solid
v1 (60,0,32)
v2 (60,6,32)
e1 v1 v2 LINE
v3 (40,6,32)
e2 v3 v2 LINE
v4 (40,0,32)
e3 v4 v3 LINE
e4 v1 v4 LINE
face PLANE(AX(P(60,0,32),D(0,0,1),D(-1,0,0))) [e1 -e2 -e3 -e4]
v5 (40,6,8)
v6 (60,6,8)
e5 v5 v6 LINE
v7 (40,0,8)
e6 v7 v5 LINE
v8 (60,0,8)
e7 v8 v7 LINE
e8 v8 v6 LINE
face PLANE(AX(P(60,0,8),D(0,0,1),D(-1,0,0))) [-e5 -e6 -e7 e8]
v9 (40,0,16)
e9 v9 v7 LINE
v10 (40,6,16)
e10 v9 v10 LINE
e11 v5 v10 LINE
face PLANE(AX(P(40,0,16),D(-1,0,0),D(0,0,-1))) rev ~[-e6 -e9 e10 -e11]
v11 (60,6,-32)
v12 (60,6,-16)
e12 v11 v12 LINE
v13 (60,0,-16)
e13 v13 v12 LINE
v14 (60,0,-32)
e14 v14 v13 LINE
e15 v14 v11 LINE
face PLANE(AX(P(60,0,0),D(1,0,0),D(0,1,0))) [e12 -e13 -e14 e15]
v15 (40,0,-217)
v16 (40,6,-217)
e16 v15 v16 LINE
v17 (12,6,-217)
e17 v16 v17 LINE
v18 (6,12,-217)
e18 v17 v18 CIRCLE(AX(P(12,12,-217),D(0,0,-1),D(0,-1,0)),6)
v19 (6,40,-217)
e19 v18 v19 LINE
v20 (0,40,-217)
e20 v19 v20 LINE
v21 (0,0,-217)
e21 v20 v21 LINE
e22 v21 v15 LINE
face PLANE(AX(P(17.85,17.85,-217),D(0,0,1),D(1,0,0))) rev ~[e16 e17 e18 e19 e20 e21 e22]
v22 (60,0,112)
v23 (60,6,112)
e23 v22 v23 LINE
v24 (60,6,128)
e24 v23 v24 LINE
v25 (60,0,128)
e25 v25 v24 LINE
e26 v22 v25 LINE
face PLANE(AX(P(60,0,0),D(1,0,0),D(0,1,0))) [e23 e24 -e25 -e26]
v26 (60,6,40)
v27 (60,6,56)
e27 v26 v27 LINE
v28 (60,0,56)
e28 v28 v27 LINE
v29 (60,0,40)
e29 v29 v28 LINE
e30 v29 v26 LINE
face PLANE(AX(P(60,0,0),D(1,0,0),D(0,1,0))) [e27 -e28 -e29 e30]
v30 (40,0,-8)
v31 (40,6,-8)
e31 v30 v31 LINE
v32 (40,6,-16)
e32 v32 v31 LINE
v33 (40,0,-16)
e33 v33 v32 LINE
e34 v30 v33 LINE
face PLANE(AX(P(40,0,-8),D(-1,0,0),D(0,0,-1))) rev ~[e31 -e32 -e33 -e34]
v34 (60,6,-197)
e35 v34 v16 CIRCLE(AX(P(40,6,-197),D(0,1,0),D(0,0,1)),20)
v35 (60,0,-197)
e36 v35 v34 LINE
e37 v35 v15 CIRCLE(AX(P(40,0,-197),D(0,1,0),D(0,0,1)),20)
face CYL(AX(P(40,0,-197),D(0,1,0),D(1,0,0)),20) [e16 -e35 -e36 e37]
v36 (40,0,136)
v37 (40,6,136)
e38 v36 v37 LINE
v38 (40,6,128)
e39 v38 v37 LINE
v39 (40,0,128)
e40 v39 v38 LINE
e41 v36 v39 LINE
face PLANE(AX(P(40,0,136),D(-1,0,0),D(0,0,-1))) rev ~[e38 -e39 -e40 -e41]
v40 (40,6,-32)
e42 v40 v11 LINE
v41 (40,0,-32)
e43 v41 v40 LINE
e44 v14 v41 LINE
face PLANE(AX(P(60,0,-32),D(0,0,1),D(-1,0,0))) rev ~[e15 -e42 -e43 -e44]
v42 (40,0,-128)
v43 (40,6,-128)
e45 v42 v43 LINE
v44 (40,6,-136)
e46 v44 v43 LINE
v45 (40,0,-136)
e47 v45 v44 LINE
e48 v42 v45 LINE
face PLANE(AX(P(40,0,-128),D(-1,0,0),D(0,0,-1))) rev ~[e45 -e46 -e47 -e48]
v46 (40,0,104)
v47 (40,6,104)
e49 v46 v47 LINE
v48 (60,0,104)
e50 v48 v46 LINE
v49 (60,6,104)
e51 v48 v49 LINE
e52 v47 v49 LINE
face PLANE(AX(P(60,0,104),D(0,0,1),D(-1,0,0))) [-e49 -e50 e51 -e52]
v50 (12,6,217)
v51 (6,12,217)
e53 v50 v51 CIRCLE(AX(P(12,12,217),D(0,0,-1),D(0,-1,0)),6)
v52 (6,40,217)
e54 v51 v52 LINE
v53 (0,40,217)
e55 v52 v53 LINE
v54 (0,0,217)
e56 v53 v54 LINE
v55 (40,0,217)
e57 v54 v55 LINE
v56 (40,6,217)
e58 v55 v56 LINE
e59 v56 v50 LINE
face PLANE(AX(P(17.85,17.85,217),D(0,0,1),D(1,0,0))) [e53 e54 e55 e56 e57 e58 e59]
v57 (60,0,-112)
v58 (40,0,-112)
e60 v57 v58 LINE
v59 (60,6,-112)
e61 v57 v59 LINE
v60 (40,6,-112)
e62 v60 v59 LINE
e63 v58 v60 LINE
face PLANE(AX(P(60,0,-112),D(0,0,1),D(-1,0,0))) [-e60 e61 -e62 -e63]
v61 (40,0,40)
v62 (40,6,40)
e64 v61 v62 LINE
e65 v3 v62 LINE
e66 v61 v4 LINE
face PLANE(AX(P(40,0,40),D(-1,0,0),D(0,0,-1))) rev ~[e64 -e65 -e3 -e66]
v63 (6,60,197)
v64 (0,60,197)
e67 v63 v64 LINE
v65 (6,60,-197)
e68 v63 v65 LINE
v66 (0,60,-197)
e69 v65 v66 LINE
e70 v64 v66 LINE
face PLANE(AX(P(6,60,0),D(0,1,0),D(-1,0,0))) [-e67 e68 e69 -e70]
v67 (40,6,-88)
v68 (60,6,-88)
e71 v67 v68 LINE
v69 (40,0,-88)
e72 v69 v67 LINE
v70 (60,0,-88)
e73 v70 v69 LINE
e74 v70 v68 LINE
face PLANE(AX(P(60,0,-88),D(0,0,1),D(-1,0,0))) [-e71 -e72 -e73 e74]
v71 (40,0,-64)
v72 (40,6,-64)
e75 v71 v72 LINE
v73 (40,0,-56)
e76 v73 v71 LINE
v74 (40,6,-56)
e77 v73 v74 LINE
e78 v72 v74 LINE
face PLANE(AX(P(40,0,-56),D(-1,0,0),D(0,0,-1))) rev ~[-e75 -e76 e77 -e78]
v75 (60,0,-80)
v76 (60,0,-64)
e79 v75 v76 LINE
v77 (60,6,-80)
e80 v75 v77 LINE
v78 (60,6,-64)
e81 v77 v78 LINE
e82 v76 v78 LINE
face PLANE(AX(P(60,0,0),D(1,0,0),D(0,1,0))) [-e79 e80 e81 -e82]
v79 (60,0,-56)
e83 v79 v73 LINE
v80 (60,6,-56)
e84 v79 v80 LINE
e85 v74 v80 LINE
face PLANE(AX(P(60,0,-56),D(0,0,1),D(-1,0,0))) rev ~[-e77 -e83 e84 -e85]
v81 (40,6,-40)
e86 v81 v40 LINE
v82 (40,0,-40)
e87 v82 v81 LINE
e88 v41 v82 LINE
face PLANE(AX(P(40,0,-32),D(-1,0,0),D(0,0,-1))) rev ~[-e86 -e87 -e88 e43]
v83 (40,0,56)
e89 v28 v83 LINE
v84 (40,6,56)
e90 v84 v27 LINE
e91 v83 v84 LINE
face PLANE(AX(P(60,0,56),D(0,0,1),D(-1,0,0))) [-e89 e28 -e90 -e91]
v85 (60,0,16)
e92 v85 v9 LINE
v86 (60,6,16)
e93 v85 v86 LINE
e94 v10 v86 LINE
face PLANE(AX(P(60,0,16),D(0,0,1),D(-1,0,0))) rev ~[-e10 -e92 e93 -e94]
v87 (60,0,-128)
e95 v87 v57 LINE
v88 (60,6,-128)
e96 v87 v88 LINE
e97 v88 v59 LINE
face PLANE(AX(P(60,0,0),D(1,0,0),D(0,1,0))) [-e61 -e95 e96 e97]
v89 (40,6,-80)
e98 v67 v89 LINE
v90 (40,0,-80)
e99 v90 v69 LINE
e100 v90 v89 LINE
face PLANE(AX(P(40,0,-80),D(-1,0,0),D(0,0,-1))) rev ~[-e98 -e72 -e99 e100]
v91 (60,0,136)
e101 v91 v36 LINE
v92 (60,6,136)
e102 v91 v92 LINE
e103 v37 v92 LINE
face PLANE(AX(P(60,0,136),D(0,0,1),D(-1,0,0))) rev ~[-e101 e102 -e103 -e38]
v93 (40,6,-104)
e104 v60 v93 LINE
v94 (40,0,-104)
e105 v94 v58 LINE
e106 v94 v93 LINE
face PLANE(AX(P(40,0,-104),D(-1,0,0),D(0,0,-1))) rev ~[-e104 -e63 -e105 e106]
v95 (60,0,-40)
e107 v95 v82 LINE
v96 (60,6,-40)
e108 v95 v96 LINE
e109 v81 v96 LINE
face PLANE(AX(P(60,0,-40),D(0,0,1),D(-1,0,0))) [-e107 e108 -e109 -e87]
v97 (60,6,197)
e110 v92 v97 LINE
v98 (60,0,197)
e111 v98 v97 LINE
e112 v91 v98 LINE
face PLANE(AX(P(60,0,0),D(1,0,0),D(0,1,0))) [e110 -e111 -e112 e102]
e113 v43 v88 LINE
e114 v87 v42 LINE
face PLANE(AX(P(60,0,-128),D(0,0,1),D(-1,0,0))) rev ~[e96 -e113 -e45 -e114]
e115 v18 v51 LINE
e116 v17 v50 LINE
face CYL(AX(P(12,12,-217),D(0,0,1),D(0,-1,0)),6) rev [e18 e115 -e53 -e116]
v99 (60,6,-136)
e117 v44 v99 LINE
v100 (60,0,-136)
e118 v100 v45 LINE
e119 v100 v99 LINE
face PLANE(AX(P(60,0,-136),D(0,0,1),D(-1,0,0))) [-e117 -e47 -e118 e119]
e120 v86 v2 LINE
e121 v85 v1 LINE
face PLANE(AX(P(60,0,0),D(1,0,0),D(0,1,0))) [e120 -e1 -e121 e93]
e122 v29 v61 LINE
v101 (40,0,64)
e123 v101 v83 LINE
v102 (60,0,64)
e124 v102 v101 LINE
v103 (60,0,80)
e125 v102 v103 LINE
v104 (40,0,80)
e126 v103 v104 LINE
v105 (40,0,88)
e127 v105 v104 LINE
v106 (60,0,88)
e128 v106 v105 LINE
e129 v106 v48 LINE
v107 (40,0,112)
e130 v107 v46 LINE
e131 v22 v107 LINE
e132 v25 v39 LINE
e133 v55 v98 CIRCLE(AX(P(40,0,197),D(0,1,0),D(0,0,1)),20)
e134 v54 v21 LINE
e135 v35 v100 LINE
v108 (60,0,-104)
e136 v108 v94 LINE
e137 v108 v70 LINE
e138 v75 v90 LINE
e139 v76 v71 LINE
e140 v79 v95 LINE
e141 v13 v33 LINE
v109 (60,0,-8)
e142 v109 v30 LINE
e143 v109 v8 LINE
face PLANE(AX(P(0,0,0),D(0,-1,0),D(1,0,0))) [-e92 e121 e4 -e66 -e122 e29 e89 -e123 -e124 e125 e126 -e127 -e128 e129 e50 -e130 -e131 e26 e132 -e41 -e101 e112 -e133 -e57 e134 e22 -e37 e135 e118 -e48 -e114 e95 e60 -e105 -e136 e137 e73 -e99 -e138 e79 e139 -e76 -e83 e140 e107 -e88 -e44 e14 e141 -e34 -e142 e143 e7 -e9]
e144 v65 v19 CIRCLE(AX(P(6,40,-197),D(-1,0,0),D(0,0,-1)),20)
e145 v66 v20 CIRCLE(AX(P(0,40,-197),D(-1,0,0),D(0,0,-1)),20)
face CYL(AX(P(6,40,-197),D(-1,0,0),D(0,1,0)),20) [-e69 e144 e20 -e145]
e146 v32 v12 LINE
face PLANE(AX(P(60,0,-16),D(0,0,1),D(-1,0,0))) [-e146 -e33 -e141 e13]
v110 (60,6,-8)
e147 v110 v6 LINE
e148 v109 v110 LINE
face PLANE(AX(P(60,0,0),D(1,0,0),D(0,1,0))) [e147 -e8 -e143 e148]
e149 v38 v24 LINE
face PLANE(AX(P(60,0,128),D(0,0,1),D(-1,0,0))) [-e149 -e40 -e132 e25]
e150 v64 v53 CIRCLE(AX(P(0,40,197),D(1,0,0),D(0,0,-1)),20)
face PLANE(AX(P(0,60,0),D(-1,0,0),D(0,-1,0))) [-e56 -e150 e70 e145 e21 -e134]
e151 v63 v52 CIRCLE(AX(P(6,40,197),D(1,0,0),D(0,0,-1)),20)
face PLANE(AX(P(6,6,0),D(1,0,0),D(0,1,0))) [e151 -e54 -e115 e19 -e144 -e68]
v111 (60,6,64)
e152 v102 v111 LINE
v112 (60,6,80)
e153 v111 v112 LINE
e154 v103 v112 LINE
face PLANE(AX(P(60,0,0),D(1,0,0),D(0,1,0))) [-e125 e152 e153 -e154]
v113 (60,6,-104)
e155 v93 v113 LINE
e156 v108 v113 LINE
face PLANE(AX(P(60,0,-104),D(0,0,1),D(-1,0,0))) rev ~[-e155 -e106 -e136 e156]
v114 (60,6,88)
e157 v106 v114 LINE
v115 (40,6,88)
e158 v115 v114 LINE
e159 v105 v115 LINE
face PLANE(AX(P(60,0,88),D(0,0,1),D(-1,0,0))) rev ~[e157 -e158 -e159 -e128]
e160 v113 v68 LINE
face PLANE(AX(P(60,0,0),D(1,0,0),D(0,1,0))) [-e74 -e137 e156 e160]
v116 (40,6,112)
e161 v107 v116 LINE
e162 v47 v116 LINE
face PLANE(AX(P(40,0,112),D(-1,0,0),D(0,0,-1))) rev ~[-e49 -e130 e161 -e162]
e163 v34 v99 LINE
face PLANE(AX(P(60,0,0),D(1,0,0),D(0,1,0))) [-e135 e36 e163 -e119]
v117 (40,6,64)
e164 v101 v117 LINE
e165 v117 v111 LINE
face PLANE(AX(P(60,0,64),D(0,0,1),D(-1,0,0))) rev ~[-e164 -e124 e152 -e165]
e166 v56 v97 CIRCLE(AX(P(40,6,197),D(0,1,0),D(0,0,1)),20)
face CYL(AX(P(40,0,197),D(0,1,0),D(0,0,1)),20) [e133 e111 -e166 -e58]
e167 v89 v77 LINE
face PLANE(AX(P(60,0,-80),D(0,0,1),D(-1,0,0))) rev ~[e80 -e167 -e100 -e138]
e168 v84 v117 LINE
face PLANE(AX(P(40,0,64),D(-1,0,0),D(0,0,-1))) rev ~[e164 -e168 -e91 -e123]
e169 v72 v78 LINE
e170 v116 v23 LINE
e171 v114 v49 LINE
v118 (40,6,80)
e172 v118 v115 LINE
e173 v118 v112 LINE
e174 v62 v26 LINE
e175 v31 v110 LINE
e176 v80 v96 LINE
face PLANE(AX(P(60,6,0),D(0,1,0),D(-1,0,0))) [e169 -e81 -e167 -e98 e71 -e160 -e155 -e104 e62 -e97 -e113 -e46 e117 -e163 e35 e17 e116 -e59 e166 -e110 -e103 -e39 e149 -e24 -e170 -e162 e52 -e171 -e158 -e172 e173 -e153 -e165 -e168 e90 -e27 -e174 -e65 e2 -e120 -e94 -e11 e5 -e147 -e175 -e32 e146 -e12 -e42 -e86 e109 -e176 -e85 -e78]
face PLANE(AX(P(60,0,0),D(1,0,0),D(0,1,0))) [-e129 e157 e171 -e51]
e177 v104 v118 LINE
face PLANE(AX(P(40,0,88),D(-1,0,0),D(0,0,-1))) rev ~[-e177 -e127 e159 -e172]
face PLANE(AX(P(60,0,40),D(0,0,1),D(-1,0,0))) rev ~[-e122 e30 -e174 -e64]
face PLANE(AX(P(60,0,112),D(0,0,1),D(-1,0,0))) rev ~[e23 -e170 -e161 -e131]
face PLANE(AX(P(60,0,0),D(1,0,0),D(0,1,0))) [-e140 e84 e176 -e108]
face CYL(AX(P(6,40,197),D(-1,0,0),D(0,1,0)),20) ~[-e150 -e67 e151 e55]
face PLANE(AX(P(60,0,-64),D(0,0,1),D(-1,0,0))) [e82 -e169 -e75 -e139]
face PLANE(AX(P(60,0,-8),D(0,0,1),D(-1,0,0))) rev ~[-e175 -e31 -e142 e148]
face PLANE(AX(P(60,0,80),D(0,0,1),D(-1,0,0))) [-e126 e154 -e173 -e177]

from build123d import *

# Parameters (mm, degrees)
EXTRUDE_1_DEPTH            = 217
FILLET_1_R                 = 20
SKETCH_4_W                 = 20
SKETCH_4_H                 = 8
CUT_EXTRUDE_3_DEPTH        = 10
PATTERN_LINEAR_1_COUNT     = 6
PATTERN_LINEAR_1_PITCH     = 24
PATTERN_LINEAR_1_COL_COUNT = 7
PATTERN_LINEAR_1_COL_PITCH = 24
FILLET_2_R                 = 6


with BuildPart() as part:
    # Эскиз1 → Бобышка-Вытянуть1 (new, symmetric)
    with BuildSketch(Plane.XY):
        Polygon((0, 0), (60, 0), (60, 6), (6, 6), (6, 60), (0, 60), align=None)
    extrude(amount=EXTRUDE_1_DEPTH, both=True)

    # Скругление1
    fillet_1_edges = [part.edges().sort_by_distance(p)[0] for p in [
        (60, 3, 217),
        (3, 60, 217),
        (3, 60, -217),
        (60, 3, -217),
    ]]
    fillet(fillet_1_edges, radius=FILLET_1_R)

    # Эскиз4 → Вырез-Вытянуть3 (cut)
    with BuildSketch(Plane(origin=(0, 0, 0), x_dir=(-1, 0, 0), z_dir=(0, -1, 0))):
        with Locations((-50, -12)):
            Rectangle(SKETCH_4_W, SKETCH_4_H)
    cut_extrude_3 = extrude(amount=-CUT_EXTRUDE_3_DEPTH, mode=Mode.SUBTRACT)

    # Линейный массив1: Вырез-Вытянуть3 ×6
    with Locations(*[(0, 0, i * PATTERN_LINEAR_1_PITCH) for i in range(1, PATTERN_LINEAR_1_COUNT)]):
        add(cut_extrude_3, mode=Mode.SUBTRACT)

    # Линейный массив1 col: Вырез-Вытянуть3 ×7
    with Locations(*[(0, 0, -i * PATTERN_LINEAR_1_COL_PITCH) for i in range(1, PATTERN_LINEAR_1_COL_COUNT)]):
        add(cut_extrude_3, mode=Mode.SUBTRACT)

    # Скругление2
    fillet_2_edges = [part.edges().sort_by_distance(p)[0] for p in [
        (6, 6, 0),
    ]]
    fillet(fillet_2_edges, radius=FILLET_2_R)


solid = part.part
